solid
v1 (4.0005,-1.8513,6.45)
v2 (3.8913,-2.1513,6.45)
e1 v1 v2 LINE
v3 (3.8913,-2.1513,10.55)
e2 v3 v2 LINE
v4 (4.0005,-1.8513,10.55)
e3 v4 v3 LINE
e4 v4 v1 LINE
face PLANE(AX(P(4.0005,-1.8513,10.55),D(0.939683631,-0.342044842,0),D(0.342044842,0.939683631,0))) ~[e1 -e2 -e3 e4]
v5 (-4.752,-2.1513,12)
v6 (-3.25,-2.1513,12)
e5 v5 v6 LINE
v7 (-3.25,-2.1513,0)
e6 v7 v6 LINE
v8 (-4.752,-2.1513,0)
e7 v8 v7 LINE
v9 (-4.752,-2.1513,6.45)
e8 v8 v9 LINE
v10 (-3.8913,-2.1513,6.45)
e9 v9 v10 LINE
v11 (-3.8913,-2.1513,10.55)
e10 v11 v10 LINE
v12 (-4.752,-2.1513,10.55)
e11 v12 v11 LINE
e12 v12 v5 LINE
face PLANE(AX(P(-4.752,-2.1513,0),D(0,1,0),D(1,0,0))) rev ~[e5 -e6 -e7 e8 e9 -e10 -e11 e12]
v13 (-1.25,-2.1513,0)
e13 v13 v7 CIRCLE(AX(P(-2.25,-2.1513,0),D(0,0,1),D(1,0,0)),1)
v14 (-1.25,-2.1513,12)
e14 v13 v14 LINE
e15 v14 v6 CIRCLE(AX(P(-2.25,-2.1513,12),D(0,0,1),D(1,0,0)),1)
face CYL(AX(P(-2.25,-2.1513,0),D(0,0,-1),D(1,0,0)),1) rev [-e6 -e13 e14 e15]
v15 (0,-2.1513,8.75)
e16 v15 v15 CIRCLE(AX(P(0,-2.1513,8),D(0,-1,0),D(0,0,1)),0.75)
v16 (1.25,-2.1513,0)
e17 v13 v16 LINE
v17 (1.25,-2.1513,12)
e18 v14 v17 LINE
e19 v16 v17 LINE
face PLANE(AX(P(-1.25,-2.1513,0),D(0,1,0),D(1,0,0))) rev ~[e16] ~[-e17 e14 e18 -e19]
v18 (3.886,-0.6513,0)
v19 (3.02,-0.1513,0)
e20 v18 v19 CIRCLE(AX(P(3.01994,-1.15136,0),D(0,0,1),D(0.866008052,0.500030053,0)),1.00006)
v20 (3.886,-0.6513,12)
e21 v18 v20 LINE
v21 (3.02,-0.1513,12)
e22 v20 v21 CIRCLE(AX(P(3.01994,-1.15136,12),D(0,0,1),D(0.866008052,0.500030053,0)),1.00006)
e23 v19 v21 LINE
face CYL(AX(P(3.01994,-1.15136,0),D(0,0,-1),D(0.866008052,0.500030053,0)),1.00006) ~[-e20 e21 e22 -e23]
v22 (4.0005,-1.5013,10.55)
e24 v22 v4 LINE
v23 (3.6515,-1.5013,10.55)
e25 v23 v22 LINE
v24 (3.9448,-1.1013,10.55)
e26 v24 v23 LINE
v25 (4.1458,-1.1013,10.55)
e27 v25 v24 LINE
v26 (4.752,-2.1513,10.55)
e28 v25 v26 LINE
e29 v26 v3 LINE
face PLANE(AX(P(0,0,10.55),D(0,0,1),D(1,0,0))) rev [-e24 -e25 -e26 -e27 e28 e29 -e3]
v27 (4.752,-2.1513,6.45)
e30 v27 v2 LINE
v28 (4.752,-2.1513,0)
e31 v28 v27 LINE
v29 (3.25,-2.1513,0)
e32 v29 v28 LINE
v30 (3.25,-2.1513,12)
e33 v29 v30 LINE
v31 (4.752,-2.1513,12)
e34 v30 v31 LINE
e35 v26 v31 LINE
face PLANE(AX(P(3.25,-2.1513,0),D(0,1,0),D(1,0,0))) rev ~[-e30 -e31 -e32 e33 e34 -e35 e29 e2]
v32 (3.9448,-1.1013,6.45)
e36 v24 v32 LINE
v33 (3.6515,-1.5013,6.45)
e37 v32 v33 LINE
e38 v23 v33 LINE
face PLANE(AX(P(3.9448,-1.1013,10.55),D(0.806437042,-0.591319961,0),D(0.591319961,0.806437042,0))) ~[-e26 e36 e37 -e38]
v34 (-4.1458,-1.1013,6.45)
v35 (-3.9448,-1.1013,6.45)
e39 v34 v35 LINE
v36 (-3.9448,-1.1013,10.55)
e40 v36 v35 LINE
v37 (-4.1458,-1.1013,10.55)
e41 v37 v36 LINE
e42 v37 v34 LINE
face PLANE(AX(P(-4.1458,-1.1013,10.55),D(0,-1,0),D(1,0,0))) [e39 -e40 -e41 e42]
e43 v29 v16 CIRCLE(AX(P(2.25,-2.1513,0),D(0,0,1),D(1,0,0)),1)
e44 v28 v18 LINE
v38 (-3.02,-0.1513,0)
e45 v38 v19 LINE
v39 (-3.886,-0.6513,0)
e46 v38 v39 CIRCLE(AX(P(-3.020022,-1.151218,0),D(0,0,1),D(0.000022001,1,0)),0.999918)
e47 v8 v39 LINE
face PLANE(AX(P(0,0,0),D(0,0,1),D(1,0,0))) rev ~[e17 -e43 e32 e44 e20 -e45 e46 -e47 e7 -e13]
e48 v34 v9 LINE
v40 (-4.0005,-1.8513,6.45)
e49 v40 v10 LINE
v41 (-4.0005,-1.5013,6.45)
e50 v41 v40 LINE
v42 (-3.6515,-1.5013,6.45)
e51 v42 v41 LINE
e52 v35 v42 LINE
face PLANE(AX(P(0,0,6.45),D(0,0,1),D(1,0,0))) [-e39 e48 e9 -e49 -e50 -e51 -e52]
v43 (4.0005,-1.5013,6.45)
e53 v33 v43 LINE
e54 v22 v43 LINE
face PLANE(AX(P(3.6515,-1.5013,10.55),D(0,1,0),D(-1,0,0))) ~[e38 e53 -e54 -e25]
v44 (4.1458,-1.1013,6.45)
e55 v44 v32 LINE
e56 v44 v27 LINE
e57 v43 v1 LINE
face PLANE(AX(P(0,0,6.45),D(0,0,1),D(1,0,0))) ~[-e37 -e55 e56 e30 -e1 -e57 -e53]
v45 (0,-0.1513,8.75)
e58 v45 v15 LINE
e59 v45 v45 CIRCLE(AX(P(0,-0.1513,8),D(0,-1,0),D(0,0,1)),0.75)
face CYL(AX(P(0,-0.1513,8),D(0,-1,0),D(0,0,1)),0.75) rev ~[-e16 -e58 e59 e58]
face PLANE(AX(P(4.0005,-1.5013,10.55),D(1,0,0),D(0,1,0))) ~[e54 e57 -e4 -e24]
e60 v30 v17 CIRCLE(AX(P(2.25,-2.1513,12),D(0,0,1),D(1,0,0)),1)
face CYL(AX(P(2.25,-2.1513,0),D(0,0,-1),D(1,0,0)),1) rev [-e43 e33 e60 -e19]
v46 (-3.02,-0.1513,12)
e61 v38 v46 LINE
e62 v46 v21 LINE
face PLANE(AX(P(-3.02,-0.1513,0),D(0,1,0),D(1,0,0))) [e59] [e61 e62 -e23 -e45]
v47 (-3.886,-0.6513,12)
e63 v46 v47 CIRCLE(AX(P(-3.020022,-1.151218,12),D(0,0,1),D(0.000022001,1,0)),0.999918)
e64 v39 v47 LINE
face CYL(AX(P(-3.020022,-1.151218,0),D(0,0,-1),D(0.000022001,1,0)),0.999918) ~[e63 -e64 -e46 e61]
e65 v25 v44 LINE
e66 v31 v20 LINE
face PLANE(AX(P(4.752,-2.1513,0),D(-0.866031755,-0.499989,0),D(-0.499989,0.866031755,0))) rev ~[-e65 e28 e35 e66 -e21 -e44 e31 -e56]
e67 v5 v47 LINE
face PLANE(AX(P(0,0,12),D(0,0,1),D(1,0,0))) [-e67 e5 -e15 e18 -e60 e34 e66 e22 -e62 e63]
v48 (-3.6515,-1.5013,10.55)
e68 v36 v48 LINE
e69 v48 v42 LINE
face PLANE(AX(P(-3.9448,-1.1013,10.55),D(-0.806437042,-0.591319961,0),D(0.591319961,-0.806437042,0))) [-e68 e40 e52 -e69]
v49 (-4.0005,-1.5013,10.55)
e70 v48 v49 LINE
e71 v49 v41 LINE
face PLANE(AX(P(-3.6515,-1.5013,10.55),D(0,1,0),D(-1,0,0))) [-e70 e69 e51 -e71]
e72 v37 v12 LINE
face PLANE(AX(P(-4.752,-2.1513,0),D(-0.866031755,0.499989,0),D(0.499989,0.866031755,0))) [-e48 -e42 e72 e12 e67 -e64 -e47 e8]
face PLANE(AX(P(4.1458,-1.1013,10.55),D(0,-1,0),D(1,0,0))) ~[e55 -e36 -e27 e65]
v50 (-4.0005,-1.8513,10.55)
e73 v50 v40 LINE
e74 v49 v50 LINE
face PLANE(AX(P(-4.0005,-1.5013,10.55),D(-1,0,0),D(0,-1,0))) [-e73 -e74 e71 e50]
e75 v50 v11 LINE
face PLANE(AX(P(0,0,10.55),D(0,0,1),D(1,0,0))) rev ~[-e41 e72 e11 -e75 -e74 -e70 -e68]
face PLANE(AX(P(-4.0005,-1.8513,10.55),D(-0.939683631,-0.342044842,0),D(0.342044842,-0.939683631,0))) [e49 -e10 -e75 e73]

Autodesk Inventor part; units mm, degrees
ref_plane "YZ Plane" through (0, 0, 0) normal (1, 0, 0) x (0, 1, 0)
ref_plane "XZ Plane" through (0, 0, 0) normal (0, 1, 0) x (-1, 0, 0)
sketch "Sketch1" plane through (0, 0, 0) normal (0, 0, 1) x (1, 0, 0)
  line L0 (-4.752, -2.1513) -> (-3.25, -2.1513)
  arc A0 (-1.25, -2.1513) -> (-3.25, -2.1513) centre (-2.25, -2.1513) ccw
  line L1 (-3.25, -2.1513) -> (1.2966, -2.1513) construction
  line L2 (-1.25, -2.1513) -> (1.25, -2.1513)
  arc A1 (3.25, -2.1513) -> (1.25, -2.1513) centre (2.25, -2.1513) ccw
  line L3 (1.25, -2.1513) -> (6.8796, -2.1513) construction
  line L4 (3.25, -2.1513) -> (4.752, -2.1513)
  line L5 (-4.752, -2.1513) -> (-3.886, -0.6513)
  line L6 (-4.752, -2.1513) -> (-3.02, -2.1513) construction
  arc A2 (-3.02, -0.1513) -> (-3.886, -0.6513) centre (-3.02, -1.1513) ccw
  line L7 (-3.886, -0.6513) -> (-3.02, -0.1513) construction
  line L8 (-3.02, -0.1513) -> (3.02, -0.1513)
  line L9 (4.752, -2.1513) -> (3.886, -0.6513)
  line L10 (4.752, -2.1513) -> (6.484, -2.1513) construction
  arc A3 (3.886, -0.6513) -> (3.02, -0.1513) centre (3.02, -1.1513) ccw
  line L11 (0, 0) -> (0, 1.588) construction
  dimension "d1" = 2
  dimension "d2" = 2.5
  dimension "d3" = 2
  dimension "d5" = 60
  dimension "d6" = 1.732
  dimension "d7" = 1
  dimension "d8" = 1
  dimension "d9" = 6.04
  dimension "d10" = 1.732
  dimension "d11" = 120
  dimension "d12" = 1
  dimension "d34" = 9.504
  dimension "d35" = 1.502
  dimension "d36" = 1.502
extrude "Extrusion1" add sketch "Sketch1" along normal blind 12
sketch "Sketch2" plane through (-3.02, -0.1513, 0) normal (0, 1, 0) x (1, 0, 0)
  line L0 (6.04, -12) -> (0, -12) projected
  line L1 (7.772, 0) -> (7.772, -12) projected
  point P0 (3.02, 0)
  point P1 (3.02, -8)
  dimension "d22" = 4
  dimension "d23" = 4.752
hole "Hole1" at (0, -0.1513, 8) direction (0, -1, 0) diameter 1.5 depth 8 tip angle 118
ref_plane "Work Plane1" through (0, 0, 10.55) normal (0, 0, 1) x (1, 0, 0)
sketch "Sketch3" plane through (0, 0, 10.55) normal (0, 0, 1) x (1, 0, 0)
  line L0 (-4.1458, -1.1013) -> (-3.9448, -1.1013)
  line L1 (-4.752, -2.1513) -> (-3.25, -2.1513) projected
  line L2 (-3.886, -0.6513) -> (-4.752, -2.1513) projected
  line L3 (-3.9448, -1.1013) -> (-3.6515, -1.5013)
  line L4 (-3.6515, -1.5013) -> (-4.0005, -1.5013)
  line L5 (-4.0005, -1.5013) -> (-4.0005, -1.8513)
  line L6 (-4.0005, -1.8513) -> (-3.8913, -2.1513)
  line L7 (-4.1458, -1.1013) -> (-4.752, -2.1513)
  line L8 (-4.752, -2.1513) -> (-3.8913, -2.1513)
  point P0 (0, 0)
  dimension "d25" = 1.05
  dimension "d26" = 0.201
  dimension "d27" = 126.25
  dimension "d28" = 0.496
  dimension "d29" = 0.349
  dimension "d30" = 0.35
  dimension "d31" = 160
extrude "Extrusion2" cut sketch "Sketch3" against normal blind 4.1
mirror "Mirror1" about plane through (0, 0, 0) normal (1, 0, 0) of "Extrusion2"
properties part number "3d_LM - Pinza 1" material "PA12 SLS 3D Print"
